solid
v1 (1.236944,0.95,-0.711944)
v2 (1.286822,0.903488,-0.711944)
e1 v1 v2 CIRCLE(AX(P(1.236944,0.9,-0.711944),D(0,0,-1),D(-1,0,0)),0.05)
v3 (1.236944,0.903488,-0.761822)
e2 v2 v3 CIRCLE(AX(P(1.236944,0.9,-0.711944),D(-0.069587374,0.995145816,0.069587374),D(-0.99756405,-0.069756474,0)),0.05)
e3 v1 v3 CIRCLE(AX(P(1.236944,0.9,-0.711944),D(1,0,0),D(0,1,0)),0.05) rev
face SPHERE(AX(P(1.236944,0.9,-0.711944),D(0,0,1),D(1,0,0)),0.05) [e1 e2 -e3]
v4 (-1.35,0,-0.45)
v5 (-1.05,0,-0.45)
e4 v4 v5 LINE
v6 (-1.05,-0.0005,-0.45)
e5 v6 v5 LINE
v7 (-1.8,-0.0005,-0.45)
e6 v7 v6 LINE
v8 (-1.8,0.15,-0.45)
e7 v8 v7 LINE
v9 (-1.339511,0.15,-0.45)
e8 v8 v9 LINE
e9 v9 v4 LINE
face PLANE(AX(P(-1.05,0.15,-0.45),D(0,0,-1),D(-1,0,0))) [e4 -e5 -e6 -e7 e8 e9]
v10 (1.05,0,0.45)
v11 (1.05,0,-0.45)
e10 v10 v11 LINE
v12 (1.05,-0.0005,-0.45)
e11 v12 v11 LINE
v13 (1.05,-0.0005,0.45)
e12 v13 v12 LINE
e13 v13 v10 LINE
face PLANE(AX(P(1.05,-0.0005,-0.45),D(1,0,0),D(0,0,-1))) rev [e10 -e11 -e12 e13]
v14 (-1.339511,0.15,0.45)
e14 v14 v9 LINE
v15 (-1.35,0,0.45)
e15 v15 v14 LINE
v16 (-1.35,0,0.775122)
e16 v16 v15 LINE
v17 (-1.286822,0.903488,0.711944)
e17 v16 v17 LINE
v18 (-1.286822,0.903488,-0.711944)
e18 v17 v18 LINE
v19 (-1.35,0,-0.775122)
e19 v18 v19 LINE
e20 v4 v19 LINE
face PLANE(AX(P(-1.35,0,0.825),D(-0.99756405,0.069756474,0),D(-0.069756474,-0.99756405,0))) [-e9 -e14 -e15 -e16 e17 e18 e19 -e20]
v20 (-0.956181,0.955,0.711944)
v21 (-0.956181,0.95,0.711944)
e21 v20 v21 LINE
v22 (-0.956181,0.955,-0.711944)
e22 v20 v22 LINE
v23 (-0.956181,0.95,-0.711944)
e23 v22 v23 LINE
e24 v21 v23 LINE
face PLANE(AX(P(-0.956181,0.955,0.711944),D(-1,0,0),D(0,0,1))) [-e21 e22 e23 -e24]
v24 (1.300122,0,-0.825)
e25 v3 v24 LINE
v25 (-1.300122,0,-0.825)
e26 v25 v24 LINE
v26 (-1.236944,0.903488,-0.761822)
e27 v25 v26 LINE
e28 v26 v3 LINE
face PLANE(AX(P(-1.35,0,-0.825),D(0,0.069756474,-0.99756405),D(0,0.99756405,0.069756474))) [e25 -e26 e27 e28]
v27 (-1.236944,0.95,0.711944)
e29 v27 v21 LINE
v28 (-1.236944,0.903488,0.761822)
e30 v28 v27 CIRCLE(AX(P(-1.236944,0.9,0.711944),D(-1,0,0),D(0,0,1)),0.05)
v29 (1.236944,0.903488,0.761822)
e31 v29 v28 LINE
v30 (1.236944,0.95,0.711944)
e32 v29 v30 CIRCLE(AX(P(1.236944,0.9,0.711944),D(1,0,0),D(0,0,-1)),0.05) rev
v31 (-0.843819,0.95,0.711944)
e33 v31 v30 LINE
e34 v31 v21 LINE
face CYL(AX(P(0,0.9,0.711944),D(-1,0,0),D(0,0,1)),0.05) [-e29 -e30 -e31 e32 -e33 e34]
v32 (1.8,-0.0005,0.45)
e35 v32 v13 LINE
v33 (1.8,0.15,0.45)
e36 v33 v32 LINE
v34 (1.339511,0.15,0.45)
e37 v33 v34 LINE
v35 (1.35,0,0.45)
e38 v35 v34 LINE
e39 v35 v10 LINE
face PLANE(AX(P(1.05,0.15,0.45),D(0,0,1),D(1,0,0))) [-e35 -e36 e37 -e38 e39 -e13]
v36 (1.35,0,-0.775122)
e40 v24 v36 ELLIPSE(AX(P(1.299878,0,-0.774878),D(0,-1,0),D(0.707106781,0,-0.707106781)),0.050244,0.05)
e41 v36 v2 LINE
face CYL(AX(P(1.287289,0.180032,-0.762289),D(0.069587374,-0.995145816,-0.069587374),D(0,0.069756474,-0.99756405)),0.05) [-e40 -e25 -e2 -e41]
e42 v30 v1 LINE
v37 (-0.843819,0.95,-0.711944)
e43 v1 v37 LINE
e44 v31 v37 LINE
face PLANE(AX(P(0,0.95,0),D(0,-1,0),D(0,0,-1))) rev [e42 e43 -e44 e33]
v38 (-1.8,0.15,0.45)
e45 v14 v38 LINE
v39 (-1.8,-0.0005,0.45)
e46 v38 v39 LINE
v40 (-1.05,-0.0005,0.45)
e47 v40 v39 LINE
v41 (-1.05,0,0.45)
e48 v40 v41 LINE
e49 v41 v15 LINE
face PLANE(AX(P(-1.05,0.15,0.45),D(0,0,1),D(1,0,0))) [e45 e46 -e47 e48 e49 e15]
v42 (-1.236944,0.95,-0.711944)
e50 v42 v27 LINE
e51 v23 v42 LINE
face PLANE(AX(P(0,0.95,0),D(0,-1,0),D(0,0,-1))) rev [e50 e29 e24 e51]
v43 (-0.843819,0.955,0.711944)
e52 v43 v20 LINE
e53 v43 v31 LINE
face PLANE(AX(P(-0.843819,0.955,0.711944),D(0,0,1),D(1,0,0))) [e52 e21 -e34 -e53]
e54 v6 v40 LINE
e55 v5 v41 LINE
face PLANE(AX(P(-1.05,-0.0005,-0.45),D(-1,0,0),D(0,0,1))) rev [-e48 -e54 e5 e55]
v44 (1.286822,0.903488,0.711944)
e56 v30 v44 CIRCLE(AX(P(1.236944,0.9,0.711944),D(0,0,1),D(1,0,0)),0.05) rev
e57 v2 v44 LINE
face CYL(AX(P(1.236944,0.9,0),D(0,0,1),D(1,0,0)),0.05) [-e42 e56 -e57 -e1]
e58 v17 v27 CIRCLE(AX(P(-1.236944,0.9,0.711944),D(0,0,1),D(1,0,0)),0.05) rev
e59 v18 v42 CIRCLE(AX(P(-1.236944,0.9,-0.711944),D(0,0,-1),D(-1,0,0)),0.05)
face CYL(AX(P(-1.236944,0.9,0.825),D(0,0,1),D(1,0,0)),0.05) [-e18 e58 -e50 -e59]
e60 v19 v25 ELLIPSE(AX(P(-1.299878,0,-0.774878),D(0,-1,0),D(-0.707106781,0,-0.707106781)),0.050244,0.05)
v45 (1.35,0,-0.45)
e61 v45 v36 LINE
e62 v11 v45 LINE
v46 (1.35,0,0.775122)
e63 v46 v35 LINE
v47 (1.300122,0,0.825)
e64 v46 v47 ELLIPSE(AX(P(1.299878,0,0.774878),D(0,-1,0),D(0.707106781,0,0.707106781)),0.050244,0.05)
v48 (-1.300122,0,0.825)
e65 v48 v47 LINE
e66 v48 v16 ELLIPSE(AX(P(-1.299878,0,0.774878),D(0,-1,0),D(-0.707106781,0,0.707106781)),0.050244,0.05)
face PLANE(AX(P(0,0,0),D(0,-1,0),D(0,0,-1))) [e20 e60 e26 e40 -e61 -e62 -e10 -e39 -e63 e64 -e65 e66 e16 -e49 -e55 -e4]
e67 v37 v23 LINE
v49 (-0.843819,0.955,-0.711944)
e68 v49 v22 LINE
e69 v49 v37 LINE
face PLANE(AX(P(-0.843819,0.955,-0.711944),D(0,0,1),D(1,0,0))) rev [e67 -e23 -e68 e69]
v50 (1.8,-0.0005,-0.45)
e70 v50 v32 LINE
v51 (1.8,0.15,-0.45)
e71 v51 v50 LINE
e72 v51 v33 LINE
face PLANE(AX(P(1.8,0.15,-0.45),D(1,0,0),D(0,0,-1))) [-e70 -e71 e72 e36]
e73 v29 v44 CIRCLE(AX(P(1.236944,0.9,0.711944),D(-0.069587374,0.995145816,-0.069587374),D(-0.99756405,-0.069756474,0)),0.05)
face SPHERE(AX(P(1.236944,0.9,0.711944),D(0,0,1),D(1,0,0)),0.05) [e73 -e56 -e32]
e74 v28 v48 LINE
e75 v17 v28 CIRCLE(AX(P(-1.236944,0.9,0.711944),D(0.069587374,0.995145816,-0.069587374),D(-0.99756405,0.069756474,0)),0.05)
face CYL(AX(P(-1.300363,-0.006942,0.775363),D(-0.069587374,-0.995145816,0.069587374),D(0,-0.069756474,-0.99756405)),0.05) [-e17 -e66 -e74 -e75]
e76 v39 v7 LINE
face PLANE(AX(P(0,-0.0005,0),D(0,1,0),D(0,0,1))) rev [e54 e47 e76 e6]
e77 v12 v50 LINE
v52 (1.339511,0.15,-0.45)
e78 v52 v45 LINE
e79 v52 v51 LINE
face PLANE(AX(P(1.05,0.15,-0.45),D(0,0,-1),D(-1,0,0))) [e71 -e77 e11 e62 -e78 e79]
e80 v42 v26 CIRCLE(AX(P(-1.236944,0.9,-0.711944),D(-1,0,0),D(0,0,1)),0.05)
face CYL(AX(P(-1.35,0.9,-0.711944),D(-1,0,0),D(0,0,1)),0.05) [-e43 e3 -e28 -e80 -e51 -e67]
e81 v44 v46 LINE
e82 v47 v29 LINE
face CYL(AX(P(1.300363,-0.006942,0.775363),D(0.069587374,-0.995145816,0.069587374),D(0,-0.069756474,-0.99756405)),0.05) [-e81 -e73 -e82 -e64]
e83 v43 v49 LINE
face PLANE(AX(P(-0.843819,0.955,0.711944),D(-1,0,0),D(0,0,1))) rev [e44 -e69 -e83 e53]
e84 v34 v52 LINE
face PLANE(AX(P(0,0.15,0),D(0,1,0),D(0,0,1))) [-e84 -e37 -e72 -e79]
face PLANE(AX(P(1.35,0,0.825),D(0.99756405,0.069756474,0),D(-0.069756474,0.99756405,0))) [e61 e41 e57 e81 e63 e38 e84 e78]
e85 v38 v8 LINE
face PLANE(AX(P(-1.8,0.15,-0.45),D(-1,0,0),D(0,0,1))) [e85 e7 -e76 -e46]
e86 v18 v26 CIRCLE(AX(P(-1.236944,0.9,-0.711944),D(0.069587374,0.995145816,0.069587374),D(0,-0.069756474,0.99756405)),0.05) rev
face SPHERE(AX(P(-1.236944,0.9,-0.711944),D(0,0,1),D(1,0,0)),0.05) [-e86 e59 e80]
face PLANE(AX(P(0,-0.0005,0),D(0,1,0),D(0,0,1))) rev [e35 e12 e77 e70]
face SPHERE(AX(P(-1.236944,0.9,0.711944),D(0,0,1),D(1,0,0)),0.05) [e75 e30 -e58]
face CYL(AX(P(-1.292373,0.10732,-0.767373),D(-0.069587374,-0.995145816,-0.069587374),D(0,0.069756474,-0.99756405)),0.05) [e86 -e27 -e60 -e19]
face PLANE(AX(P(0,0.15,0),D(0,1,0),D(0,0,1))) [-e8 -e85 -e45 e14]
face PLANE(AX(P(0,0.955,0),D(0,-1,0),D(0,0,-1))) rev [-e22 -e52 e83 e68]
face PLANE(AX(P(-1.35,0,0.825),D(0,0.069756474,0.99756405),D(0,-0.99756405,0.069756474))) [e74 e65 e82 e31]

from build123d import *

# Parameters (mm, degrees)
SKETCH2_W           = 2.7
SKETCH2_H           = 1.65
BOSS_EXTRUDE1_DEPTH = 0.95
BOSS_EXTRUDE1_TAPER = 4
FILLET1_R           = 0.05
SKETCH3_W           = 0.75
SKETCH3_H           = 0.9
BOSS_EXTRUDE2_DEPTH = 0.15
SKETCH4_W           = 0.11236269
SKETCH4_H           = 1.423887548
BOSS_EXTRUDE3_DEPTH = 0.005
SKETCH3_2_W         = 0.75
SKETCH3_2_H         = 0.9
BOSS_EXTRUDE4_DEPTH = 0.0005


with BuildPart() as part:
    # Sketch2 → Boss-Extrude1 (new body)
    with BuildSketch(Plane(origin=(0, 0, 0), x_dir=(1, 0, 0), z_dir=(0, 1, 0))):
        Rectangle(SKETCH2_W, SKETCH2_H)
    extrude(amount=BOSS_EXTRUDE1_DEPTH, taper=BOSS_EXTRUDE1_TAPER)

    # Fillet1
    fillet1_edges = [part.edges().sort_by_distance(p)[0] for p in [
        (1.283569529, 0.95, 0),
        (0, 0.95, 0.758569529),
        (-1.283569529, 0.95, 0),
        (-1.316784764, 0.475, 0.791784764),
        (1.316784764, 0.475, 0.791784764),
        (1.316784764, 0.475, -0.791784764),
        (-1.316784764, 0.475, -0.791784764),
        (0, 0.95, -0.758569529),
    ]]
    fillet(fillet1_edges, radius=FILLET1_R)

    # Sketch3 → Boss-Extrude2 (add)
    with BuildSketch(Plane.XZ):
        with Locations((1.425, 0)):
            Rectangle(SKETCH3_W, SKETCH3_H)
        with Locations((-1.425, 0)):
            Rectangle(SKETCH3_W, SKETCH3_H)
    extrude(amount=-BOSS_EXTRUDE2_DEPTH)

    # Sketch4 → Boss-Extrude3 (add)
    with BuildSketch(Plane(origin=(0, 0.95, 0), x_dir=(1, 0, 0), z_dir=(0, 1, 0))):
        with Locations((-0.9, 0)):
            Rectangle(SKETCH4_W, SKETCH4_H)
    extrude(amount=BOSS_EXTRUDE3_DEPTH)

    # Sketch3<2> → Boss-Extrude4 (add)
    with BuildSketch(Plane.XZ):
        with Locations((1.425, 0)):
            Rectangle(SKETCH3_2_W, SKETCH3_2_H)
        with Locations((-1.425, 0)):
            Rectangle(SKETCH3_2_W, SKETCH3_2_H)
    extrude(amount=BOSS_EXTRUDE4_DEPTH)


solid = part.part
